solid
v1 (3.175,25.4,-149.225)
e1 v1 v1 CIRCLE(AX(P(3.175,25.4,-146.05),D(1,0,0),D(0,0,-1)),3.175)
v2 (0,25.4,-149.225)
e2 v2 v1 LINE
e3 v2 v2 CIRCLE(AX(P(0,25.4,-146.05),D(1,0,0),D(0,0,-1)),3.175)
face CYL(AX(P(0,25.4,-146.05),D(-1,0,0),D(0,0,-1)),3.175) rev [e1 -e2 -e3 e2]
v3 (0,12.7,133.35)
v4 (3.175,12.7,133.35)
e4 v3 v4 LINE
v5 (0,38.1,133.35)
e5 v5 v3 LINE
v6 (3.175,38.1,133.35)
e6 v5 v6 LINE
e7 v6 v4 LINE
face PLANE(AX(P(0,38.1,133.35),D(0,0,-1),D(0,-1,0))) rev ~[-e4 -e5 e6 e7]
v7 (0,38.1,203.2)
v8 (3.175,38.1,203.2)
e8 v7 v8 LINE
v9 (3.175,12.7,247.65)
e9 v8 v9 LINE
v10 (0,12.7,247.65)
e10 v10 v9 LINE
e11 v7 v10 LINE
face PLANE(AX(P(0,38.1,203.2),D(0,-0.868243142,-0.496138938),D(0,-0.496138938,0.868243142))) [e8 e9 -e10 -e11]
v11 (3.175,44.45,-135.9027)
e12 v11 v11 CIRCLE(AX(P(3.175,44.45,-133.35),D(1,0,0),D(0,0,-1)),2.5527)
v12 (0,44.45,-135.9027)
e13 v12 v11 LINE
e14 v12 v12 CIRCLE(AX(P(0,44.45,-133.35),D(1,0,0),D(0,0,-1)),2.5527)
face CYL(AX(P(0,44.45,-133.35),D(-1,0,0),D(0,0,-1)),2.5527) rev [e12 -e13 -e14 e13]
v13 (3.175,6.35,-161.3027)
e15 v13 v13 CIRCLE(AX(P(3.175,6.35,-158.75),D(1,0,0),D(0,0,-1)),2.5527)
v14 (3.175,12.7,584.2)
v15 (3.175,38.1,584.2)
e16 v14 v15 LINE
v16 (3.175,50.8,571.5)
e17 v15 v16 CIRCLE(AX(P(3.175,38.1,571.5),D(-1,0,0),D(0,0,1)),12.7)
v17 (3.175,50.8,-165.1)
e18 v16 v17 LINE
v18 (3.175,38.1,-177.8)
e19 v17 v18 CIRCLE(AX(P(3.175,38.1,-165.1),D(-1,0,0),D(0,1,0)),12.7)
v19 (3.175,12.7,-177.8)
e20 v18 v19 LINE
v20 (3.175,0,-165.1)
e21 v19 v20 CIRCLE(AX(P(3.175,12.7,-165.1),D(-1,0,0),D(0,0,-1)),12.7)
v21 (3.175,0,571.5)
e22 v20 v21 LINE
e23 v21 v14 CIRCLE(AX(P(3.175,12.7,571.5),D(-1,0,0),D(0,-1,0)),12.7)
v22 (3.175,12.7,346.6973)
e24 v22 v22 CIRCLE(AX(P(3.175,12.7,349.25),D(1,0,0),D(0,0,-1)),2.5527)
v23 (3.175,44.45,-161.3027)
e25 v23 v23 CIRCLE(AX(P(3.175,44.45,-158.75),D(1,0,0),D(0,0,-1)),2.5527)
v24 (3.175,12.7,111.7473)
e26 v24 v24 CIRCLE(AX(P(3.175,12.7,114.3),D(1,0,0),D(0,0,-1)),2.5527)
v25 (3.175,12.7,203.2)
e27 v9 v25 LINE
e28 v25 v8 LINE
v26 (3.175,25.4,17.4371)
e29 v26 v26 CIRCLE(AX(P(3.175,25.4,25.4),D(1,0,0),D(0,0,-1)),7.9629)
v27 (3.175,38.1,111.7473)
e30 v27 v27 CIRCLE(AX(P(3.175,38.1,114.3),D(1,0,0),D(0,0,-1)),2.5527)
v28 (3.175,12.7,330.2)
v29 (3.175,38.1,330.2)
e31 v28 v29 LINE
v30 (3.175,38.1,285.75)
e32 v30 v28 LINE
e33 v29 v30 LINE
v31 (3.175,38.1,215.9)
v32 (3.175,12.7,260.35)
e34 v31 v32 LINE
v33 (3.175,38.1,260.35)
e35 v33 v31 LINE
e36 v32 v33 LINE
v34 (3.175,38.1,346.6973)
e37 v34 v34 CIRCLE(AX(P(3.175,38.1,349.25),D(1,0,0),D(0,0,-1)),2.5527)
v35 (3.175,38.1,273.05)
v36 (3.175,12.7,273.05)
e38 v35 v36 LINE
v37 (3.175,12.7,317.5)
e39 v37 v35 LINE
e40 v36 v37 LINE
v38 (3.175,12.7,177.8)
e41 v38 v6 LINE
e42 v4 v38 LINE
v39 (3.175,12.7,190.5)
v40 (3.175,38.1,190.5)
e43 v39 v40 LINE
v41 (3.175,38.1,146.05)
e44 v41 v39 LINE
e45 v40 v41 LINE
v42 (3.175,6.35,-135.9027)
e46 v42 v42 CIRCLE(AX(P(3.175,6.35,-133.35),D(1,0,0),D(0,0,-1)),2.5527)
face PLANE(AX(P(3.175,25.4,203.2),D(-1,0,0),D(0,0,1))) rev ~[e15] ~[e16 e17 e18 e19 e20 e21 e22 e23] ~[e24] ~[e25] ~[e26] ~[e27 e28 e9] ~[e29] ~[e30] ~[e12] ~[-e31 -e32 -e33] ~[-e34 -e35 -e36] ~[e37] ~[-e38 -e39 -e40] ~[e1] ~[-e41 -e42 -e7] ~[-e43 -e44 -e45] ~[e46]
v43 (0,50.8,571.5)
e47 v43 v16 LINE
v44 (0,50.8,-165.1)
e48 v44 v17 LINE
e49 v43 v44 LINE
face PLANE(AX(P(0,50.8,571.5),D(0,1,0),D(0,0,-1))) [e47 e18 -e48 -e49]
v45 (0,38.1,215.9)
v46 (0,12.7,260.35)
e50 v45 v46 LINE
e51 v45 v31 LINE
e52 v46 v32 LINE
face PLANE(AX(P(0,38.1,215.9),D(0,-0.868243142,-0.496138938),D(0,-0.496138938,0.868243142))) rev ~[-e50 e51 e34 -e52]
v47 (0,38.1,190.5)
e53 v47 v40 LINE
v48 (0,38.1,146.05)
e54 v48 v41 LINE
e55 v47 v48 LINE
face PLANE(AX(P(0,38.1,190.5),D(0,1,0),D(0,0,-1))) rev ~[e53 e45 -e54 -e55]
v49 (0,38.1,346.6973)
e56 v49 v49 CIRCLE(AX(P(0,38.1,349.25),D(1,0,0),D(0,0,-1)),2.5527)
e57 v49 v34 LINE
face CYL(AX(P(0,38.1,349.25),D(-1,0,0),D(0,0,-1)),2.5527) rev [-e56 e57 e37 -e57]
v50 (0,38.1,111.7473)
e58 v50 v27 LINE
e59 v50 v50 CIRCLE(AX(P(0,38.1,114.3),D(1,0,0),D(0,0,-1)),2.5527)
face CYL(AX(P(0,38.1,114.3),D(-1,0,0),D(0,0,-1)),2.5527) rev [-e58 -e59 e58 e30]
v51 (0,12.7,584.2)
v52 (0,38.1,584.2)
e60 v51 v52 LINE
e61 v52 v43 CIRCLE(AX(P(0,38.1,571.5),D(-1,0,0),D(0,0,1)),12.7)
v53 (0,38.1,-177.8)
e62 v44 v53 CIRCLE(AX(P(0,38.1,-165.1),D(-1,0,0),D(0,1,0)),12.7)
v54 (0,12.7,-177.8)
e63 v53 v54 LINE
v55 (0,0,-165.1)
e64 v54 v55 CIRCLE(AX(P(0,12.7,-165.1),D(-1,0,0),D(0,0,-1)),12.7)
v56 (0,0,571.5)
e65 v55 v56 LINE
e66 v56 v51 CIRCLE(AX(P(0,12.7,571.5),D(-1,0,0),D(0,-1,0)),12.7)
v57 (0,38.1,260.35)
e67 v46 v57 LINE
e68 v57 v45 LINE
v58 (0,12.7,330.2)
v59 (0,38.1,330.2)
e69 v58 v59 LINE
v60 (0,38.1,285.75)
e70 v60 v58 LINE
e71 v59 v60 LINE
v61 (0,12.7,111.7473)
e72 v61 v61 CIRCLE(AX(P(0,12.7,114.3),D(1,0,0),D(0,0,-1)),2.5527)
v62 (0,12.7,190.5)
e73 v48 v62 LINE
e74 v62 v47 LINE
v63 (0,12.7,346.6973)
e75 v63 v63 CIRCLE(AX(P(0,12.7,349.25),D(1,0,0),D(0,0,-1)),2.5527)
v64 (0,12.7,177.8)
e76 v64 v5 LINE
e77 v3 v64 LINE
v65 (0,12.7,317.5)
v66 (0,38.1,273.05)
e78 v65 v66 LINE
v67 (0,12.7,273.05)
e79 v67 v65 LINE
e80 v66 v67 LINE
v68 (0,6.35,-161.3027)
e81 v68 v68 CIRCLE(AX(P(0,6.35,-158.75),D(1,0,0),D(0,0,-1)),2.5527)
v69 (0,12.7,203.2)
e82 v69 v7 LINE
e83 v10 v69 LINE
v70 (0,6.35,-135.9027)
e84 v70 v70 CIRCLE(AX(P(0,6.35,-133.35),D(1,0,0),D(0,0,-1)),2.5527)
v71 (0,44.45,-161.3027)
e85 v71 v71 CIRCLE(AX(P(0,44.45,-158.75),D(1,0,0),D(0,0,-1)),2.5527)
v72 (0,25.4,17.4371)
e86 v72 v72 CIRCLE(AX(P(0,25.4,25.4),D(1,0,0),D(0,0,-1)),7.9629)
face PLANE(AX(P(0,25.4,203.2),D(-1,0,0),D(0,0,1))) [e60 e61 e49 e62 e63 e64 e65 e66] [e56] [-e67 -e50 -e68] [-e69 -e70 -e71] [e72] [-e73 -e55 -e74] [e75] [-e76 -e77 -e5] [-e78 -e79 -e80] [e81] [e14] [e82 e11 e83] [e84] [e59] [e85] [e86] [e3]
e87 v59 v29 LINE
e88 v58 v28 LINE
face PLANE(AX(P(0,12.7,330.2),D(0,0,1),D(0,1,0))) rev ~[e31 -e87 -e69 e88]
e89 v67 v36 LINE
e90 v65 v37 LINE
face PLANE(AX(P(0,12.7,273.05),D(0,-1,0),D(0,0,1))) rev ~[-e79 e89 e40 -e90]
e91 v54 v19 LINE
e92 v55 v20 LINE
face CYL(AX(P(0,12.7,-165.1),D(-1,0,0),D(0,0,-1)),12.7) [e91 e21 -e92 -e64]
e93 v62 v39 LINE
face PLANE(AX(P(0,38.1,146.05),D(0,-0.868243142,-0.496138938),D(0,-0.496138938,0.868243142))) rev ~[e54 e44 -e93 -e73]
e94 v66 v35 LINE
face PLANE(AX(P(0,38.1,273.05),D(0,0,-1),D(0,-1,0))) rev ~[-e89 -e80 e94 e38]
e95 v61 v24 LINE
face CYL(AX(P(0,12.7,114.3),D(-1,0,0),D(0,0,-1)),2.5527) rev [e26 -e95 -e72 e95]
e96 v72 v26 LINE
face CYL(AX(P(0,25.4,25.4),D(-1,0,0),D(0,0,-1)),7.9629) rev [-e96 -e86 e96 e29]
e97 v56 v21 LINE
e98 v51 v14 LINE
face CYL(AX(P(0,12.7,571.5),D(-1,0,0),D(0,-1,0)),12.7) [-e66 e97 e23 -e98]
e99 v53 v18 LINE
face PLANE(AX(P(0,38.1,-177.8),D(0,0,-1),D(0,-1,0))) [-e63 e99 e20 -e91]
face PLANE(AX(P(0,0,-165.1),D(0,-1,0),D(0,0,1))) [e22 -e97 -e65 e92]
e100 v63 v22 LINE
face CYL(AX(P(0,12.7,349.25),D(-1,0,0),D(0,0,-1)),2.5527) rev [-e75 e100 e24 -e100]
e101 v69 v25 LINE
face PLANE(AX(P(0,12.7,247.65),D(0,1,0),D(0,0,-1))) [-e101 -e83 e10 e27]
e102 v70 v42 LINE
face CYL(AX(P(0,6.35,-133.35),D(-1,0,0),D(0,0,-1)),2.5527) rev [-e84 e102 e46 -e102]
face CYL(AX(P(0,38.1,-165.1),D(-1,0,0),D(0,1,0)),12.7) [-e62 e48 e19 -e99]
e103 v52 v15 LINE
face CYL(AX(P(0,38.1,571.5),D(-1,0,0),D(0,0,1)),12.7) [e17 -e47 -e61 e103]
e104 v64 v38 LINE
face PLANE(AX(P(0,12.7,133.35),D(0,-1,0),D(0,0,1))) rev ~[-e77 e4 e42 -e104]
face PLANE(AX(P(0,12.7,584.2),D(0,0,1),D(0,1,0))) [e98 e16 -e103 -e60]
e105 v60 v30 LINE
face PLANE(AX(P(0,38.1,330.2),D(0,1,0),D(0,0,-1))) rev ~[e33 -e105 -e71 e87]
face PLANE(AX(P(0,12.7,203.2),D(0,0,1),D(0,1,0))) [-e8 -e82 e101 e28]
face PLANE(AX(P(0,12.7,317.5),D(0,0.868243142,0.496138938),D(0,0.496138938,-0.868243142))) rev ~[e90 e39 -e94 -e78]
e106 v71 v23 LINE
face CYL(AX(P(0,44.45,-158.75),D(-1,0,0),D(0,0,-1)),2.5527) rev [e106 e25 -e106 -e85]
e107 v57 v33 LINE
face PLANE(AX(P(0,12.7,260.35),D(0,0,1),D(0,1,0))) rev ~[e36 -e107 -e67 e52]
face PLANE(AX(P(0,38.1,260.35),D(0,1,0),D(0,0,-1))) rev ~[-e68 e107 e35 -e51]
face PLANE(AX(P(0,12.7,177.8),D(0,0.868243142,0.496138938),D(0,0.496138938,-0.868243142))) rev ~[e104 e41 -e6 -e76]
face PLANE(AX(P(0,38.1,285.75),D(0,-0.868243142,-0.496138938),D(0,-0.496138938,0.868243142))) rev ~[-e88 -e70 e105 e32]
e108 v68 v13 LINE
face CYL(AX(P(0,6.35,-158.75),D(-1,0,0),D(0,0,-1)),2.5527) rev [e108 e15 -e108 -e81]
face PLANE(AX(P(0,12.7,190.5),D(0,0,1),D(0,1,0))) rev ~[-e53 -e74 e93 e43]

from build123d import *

# Parameters (mm, degrees)
SKETCH1_R           = 7.9629
SKETCH1_R_2         = 3.175
SKETCH1_R_3         = 2.5527
BOSS_EXTRUDE1_DEPTH = 3.175


with BuildPart() as part:
    # Sketch1 → Boss-Extrude1 (new body)
    with BuildSketch(Plane(origin=(0, 0, 0), x_dir=(0, 0, -1), z_dir=(1, 0, 0))):
        with BuildLine():
            Line((177.8, 38.1), (177.8, 12.7))
            ThreePointArc((177.8, 12.7), (174.080256121, 3.719743879), (165.1, 0))
            Line((165.1, 0), (-571.5, 0))
            ThreePointArc((-571.5, 0), (-580.480256121, 3.719743879), (-584.2, 12.7))
            Line((-584.2, 12.7), (-584.2, 38.1))
            ThreePointArc((-584.2, 38.1), (-580.480256121, 47.080256121), (-571.5, 50.8))
            Line((-571.5, 50.8), (165.1, 50.8))
            ThreePointArc((165.1, 50.8), (174.080256121, 47.080256121), (177.8, 38.1))
        make_face()
        with Locations((-25.4, 25.4)):
            Circle(SKETCH1_R, mode=Mode.SUBTRACT)
        with Locations((146.05, 25.4)):
            Circle(SKETCH1_R_2, mode=Mode.SUBTRACT)
        with Locations((-349.25, 38.1)):
            Circle(SKETCH1_R_3, mode=Mode.SUBTRACT)
        with Locations((-349.25, 12.7)):
            Circle(SKETCH1_R_3, mode=Mode.SUBTRACT)
        with Locations((-114.3, 38.1)):
            Circle(SKETCH1_R_3, mode=Mode.SUBTRACT)
        with Locations((-114.3, 12.7)):
            Circle(SKETCH1_R_3, mode=Mode.SUBTRACT)
        with Locations((133.35, 44.45)):
            Circle(SKETCH1_R_3, mode=Mode.SUBTRACT)
        with Locations((158.75, 44.45)):
            Circle(SKETCH1_R_3, mode=Mode.SUBTRACT)
        with Locations((158.75, 6.35)):
            Circle(SKETCH1_R_3, mode=Mode.SUBTRACT)
        with Locations((133.35, 6.35)):
            Circle(SKETCH1_R_3, mode=Mode.SUBTRACT)
        Polygon((-190.5, 38.1), (-146.05, 38.1), (-190.5, 12.7), align=None, mode=Mode.SUBTRACT)
        Polygon((-133.35, 38.1), (-133.35, 12.7), (-177.8, 12.7), align=None, mode=Mode.SUBTRACT)
        Polygon((-203.2, 12.7), (-203.2, 38.1), (-247.65, 12.7), align=None, mode=Mode.SUBTRACT)
        Polygon((-215.9, 38.1), (-260.35, 12.7), (-260.35, 38.1), align=None, mode=Mode.SUBTRACT)
        Polygon((-273.05, 38.1), (-273.05, 12.7), (-317.5, 12.7), align=None, mode=Mode.SUBTRACT)
        Polygon((-330.2, 12.7), (-330.2, 38.1), (-285.75, 38.1), align=None, mode=Mode.SUBTRACT)
    extrude(amount=BOSS_EXTRUDE1_DEPTH)


solid = part.part
